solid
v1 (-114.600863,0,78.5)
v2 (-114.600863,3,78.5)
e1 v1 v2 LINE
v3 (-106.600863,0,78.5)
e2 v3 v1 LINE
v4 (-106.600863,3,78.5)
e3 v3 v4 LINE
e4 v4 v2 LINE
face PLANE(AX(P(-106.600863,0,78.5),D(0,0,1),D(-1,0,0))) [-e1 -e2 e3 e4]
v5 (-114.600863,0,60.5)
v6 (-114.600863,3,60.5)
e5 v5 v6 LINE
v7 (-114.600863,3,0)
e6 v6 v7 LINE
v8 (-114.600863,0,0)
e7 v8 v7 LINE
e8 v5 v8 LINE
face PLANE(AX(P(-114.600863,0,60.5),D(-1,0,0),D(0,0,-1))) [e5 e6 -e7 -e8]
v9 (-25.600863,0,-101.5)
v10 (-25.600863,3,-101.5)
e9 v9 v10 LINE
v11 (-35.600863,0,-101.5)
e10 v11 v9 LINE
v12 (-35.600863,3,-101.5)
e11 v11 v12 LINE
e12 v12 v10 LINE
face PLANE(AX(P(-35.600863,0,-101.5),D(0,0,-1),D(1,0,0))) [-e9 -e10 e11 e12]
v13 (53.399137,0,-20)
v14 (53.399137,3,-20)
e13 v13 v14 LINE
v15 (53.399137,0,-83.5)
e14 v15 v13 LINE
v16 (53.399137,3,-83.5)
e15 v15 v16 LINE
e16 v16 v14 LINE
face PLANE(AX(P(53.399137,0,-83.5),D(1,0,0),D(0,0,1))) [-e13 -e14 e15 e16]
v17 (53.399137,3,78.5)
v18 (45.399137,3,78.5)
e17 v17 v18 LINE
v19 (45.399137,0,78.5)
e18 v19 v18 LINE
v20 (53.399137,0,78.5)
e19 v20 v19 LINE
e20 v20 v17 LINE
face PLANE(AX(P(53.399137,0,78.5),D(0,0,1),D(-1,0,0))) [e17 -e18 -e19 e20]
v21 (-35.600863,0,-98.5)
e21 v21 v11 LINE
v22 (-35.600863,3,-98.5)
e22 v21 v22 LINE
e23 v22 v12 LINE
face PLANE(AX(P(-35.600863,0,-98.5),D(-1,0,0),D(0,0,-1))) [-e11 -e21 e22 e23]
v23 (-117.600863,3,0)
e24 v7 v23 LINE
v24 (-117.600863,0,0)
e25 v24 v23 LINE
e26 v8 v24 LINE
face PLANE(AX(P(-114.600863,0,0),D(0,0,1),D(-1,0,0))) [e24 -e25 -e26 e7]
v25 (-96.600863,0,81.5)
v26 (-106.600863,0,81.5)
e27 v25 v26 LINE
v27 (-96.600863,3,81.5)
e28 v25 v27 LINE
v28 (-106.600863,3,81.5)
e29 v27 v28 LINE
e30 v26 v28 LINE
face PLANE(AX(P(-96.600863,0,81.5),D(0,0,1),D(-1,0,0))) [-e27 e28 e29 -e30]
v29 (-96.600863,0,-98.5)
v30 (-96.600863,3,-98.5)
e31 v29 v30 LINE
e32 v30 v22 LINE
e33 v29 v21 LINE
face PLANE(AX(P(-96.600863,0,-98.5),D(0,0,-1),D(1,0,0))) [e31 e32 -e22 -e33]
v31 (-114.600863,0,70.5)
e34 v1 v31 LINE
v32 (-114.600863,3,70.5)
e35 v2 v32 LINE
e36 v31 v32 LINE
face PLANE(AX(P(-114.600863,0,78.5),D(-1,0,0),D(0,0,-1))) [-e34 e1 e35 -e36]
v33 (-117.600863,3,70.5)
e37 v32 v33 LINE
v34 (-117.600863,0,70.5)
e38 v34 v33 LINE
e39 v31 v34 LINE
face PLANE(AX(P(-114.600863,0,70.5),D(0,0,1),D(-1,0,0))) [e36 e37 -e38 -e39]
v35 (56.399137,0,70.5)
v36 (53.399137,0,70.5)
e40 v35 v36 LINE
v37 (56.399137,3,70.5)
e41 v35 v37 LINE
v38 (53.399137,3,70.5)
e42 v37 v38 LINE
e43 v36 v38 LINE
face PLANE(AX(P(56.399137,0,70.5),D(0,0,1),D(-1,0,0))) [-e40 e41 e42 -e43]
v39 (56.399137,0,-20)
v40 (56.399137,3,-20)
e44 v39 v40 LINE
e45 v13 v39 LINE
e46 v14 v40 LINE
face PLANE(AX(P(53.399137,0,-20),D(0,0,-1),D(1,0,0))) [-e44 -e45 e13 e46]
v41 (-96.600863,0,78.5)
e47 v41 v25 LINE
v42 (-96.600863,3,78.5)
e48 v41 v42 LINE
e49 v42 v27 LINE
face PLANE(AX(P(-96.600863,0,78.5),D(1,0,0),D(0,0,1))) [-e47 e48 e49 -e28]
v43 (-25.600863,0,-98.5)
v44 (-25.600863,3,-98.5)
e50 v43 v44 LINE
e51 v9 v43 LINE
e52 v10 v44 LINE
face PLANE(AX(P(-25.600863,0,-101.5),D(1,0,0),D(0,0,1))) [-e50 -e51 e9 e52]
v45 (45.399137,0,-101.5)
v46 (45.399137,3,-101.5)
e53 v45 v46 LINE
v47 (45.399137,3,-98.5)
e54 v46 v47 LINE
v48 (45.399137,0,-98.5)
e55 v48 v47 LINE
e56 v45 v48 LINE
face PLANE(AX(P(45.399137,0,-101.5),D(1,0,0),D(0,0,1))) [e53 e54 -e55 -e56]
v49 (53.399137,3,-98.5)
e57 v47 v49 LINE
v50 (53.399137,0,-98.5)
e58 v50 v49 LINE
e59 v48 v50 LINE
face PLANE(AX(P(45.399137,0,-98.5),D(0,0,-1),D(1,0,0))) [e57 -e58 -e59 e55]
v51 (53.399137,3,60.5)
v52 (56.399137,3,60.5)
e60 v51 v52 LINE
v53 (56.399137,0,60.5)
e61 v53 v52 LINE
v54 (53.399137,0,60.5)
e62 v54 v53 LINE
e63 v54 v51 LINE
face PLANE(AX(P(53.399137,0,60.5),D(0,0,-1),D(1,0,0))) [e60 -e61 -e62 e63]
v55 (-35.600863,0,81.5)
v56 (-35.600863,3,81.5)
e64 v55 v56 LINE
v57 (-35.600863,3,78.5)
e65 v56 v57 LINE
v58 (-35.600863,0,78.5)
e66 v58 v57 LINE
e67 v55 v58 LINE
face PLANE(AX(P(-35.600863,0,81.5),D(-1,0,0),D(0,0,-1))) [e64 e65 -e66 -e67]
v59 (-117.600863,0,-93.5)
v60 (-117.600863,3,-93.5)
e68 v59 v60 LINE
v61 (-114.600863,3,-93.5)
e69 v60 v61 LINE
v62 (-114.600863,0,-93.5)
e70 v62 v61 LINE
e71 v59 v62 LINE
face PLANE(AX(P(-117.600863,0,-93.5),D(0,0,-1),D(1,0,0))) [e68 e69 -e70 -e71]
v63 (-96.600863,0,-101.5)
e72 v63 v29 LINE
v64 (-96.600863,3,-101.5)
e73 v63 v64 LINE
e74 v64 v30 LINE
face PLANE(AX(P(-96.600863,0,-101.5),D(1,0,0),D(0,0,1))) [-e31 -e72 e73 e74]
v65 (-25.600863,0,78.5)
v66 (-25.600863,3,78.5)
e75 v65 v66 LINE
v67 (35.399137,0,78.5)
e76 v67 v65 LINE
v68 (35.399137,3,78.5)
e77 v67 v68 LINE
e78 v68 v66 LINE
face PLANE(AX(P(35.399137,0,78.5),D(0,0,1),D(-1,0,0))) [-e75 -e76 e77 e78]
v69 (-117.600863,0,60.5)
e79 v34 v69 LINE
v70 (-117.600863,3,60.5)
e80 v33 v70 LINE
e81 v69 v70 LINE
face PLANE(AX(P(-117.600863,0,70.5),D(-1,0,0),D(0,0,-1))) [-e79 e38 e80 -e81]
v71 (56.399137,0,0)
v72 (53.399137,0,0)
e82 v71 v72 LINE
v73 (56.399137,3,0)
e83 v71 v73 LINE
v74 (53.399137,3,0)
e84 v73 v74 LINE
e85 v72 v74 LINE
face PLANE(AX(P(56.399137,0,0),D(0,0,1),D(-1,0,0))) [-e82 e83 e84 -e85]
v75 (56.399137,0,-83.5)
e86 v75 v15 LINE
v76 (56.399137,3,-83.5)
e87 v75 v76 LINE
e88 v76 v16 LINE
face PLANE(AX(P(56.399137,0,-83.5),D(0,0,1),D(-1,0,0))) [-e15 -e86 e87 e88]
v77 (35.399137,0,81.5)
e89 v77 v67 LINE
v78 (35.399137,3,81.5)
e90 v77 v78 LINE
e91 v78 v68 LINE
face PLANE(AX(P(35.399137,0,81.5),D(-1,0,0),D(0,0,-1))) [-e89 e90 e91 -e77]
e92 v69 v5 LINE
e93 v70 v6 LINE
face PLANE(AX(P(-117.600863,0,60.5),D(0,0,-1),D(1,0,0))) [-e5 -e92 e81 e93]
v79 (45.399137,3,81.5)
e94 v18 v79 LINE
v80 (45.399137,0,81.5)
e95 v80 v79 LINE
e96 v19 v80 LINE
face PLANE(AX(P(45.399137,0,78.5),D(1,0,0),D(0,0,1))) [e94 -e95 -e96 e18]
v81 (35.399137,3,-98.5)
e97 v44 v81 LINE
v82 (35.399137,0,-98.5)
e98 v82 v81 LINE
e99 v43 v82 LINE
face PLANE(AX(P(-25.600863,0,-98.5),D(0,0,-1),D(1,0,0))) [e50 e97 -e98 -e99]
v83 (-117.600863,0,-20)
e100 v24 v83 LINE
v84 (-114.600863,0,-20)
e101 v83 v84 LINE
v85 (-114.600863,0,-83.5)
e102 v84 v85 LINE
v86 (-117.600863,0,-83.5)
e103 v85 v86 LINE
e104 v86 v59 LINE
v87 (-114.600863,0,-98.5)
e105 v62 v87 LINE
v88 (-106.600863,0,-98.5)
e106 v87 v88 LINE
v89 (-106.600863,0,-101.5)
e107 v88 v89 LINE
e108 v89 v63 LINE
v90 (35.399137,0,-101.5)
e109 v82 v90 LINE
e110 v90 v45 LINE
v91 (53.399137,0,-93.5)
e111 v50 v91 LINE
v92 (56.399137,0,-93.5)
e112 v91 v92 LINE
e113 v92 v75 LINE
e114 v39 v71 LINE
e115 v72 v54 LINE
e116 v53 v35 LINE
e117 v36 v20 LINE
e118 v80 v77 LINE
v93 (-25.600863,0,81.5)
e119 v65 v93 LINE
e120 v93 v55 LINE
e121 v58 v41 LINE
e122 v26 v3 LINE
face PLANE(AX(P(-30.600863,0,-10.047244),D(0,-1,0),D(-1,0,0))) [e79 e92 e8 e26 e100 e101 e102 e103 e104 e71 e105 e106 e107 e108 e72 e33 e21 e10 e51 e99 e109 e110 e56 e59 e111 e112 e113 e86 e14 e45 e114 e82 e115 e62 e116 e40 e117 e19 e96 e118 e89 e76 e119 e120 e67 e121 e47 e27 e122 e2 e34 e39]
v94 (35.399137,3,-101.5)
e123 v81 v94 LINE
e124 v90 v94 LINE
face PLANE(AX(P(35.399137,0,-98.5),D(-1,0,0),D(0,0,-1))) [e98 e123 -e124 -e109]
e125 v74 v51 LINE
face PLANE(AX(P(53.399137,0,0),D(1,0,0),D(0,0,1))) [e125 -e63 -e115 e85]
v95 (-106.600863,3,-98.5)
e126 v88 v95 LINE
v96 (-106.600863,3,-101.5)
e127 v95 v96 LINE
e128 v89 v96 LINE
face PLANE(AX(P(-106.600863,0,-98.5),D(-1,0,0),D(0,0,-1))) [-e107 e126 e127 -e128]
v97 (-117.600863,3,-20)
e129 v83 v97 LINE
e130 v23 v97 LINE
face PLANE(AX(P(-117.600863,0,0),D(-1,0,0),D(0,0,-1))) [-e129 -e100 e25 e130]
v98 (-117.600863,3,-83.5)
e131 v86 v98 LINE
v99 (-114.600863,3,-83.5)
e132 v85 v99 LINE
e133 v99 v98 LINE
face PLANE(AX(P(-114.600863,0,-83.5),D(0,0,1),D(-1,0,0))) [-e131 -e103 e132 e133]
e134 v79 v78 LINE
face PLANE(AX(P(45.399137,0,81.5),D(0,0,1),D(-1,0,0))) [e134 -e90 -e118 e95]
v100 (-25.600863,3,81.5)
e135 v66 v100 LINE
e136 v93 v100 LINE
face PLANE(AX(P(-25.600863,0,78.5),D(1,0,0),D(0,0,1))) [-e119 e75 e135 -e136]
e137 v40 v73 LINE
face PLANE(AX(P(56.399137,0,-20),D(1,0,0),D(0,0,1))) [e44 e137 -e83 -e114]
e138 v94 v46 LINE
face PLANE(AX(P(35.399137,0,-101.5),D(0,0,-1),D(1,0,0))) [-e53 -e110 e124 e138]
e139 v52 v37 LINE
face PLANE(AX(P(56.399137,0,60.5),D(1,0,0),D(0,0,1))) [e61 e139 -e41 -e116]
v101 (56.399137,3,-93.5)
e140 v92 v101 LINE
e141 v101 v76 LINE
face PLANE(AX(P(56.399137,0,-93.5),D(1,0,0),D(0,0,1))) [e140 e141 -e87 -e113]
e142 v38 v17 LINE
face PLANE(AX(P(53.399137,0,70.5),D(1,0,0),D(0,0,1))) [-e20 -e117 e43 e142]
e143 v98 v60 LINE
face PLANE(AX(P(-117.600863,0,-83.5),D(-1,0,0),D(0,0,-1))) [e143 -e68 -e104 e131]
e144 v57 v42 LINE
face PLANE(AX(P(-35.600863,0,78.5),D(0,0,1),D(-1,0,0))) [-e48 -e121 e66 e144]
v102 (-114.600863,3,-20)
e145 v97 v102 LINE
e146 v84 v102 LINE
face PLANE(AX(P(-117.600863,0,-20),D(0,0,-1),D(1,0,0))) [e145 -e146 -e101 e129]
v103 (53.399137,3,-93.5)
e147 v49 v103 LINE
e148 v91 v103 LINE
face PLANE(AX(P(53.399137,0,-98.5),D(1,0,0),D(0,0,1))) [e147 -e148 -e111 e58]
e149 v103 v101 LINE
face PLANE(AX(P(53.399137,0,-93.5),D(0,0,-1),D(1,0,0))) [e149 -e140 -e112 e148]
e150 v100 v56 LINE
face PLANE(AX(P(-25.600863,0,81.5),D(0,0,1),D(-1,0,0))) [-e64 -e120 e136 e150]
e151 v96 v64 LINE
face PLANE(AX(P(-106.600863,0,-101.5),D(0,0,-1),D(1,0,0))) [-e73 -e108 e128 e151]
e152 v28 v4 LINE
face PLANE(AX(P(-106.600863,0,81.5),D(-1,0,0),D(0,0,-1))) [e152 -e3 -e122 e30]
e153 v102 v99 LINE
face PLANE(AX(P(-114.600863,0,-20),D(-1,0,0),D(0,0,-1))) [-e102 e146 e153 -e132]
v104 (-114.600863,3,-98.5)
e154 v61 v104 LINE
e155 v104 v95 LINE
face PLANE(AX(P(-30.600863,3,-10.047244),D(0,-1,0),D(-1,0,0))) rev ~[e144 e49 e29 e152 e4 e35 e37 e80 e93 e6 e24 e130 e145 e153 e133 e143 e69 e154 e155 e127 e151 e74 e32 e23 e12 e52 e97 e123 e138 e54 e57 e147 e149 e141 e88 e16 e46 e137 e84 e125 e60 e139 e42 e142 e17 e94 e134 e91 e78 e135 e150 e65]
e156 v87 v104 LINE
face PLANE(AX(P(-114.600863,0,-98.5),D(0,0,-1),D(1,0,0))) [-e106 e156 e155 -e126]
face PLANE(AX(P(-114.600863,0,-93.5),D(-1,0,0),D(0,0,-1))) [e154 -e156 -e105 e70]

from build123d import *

# Parameters (mm, degrees)
BOSS_EXTRUDE1_DEPTH = 3


with BuildPart() as part:
    # Sketch1 → Boss-Extrude1 (new body)
    with BuildSketch(Plane(origin=(0, 0, 0), x_dir=(1, 0, 0), z_dir=(0, 1, 0))):
        Polygon((-114.600863387, -60.5), (-114.600863387, 0), (-117.600863387, 0), (-117.600863387, 20), (-114.600863387, 20), (-114.600863387, 83.5), (-117.600863387, 83.5), (-117.600863387, 93.5), (-114.600863387, 93.5), (-114.600863387, 98.5), (-106.600863387, 98.5), (-106.600863387, 101.5), (-96.600863387, 101.5), (-96.600863387, 98.5), (-35.600863387, 98.5), (-35.600863387, 101.5), (-25.600863387, 101.5), (-25.600863387, 98.5), (35.399136613, 98.5), (35.399136613, 101.5), (45.399136613, 101.5), (45.399136613, 98.5), (53.399136613, 98.5), (53.399136613, 93.5), (56.399136613, 93.5), (56.399136613, 83.5), (53.399136613, 83.5), (53.399136613, 20), (56.399136613, 20), (56.399136613, 0), (53.399136613, 0), (53.399136613, -60.5), (56.399136613, -60.5), (56.399136613, -70.5), (53.399136613, -70.5), (53.399136613, -78.5), (45.399136613, -78.5), (45.399136613, -81.5), (35.399136613, -81.5), (35.399136613, -78.5), (-25.600863387, -78.5), (-25.600863387, -81.5), (-35.600863387, -81.5), (-35.600863387, -78.5), (-96.600863387, -78.5), (-96.600863387, -81.5), (-106.600863387, -81.5), (-106.600863387, -78.5), (-114.600863387, -78.5), (-114.600863387, -70.5), (-117.600863387, -70.5), (-117.600863387, -60.5), align=None)
    extrude(amount=BOSS_EXTRUDE1_DEPTH)


solid = part.part
